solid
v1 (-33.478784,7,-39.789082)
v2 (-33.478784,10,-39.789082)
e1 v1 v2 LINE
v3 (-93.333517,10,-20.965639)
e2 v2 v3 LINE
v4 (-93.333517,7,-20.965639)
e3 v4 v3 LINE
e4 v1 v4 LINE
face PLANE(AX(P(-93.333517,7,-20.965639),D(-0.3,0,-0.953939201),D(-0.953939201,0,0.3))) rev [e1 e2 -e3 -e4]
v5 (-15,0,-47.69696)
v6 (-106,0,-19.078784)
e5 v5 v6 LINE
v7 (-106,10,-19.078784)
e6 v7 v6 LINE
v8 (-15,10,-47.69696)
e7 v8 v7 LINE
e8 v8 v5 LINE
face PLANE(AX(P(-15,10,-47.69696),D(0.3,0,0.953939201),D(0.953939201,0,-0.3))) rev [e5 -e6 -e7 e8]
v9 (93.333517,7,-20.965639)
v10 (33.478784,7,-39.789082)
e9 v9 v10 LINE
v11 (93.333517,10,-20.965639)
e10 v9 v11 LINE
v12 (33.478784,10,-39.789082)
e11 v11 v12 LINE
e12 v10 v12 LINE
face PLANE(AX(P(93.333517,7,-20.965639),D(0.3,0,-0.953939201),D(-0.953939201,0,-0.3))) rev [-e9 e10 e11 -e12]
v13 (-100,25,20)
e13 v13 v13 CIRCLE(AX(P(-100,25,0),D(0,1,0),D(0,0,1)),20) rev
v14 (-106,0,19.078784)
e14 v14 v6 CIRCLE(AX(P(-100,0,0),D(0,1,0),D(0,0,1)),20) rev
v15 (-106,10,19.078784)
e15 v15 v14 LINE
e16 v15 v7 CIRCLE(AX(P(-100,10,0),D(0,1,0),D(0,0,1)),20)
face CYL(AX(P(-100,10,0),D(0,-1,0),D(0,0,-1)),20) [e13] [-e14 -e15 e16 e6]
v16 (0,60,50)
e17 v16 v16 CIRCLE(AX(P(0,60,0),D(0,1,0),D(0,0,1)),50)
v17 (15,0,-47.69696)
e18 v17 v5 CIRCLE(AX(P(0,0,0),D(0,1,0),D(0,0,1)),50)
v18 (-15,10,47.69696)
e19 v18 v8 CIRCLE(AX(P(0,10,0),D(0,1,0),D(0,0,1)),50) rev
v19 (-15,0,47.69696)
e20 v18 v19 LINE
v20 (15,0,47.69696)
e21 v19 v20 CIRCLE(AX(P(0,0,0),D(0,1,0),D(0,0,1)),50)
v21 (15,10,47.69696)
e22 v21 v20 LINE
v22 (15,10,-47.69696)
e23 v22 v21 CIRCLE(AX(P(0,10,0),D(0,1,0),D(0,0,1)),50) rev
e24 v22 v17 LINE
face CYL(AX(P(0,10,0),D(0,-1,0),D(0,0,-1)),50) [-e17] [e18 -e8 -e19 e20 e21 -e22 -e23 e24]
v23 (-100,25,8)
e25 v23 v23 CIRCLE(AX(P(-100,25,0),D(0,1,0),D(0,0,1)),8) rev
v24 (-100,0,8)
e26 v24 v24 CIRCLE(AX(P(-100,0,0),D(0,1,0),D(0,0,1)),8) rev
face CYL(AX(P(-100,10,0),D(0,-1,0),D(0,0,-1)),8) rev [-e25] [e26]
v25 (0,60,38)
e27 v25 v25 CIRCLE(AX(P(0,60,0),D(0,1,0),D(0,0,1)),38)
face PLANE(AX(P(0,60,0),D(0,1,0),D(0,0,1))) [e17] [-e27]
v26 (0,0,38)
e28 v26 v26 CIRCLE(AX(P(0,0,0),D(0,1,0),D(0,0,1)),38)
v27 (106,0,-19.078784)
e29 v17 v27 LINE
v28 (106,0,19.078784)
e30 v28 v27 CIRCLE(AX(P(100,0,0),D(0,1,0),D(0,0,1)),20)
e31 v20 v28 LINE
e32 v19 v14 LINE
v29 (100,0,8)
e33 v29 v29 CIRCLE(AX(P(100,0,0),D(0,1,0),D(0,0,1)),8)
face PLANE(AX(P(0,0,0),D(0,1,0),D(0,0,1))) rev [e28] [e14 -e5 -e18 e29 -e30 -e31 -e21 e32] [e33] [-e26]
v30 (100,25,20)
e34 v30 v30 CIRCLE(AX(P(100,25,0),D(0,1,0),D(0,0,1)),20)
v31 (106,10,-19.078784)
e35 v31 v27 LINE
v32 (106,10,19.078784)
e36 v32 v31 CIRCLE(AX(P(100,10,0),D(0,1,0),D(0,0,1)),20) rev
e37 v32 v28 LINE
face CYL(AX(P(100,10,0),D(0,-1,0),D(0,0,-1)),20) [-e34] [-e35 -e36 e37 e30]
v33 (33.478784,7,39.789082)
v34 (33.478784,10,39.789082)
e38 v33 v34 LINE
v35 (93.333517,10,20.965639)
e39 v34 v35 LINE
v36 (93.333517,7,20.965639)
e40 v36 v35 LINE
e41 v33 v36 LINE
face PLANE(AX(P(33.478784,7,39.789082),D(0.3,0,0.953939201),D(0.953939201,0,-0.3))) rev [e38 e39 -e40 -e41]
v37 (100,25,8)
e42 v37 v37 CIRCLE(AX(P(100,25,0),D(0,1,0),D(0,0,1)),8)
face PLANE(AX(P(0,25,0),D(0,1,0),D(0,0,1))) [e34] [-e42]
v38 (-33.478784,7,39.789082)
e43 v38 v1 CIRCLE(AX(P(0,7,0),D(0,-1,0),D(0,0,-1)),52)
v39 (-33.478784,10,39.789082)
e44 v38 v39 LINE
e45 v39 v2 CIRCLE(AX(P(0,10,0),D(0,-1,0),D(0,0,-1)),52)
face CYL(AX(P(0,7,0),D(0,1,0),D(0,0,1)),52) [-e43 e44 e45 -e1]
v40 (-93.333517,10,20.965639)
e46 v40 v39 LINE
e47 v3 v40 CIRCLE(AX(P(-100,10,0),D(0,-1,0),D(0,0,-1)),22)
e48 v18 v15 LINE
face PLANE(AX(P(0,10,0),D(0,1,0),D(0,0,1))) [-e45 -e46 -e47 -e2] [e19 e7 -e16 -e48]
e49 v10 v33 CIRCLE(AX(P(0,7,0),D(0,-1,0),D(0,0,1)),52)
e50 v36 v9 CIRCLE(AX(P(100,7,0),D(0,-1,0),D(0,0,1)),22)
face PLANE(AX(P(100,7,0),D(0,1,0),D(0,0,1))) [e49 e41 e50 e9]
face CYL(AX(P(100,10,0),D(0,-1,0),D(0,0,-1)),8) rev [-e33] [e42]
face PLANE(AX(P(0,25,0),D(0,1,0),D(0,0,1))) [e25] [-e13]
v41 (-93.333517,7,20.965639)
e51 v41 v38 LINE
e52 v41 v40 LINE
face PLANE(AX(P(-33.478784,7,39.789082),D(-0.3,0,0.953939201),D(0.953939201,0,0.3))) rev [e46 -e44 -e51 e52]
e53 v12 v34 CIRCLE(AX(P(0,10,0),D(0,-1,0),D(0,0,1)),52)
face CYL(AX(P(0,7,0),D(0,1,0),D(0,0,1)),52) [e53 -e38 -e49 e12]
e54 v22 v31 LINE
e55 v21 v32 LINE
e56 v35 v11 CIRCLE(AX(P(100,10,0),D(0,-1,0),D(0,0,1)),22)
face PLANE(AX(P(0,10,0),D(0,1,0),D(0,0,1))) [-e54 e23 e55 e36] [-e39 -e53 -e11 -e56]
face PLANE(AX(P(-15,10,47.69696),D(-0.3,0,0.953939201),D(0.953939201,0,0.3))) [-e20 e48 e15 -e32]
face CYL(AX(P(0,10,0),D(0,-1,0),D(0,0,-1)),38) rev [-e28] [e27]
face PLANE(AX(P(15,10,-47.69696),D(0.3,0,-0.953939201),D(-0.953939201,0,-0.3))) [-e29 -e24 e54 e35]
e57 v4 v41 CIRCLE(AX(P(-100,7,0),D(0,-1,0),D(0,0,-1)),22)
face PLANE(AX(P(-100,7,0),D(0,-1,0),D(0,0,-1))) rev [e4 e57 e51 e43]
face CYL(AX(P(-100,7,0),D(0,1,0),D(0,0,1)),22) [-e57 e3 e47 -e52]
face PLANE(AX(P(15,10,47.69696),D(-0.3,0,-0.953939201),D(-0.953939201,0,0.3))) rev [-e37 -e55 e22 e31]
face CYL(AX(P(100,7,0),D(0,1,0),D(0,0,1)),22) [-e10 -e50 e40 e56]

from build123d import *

# Parameters (mm, degrees)
SKETCH1_R           = 8
SKETCH1_R_2         = 38
BOSS_EXTRUDE1_DEPTH = 10
SKETCH1_3_R         = 20
SKETCH1_3_R_2       = 8
BOSS_EXTRUDE2_DEPTH = 25
SKETCH1_4_R         = 38
BOSS_EXTRUDE3_DEPTH = 60
CUT_EXTRUDE1_DEPTH  = 3


with BuildPart() as part:
    # Sketch1 → Boss-Extrude1 (new body)
    with BuildSketch(Plane(origin=(0, 0, 0), x_dir=(1, 0, 0), z_dir=(0, 1, 0))):
        with BuildLine():
            Line((106, 19.078784028), (15, 47.696960071))
            ThreePointArc((15, 47.696960071), (0, 50), (-15, 47.696960071))
            Line((-15, 47.696960071), (-106, 19.078784028))
            ThreePointArc((-106, 19.078784028), (-120, 0), (-106, -19.078784028))
            Line((-106, -19.078784028), (-15, -47.696960071))
            ThreePointArc((-15, -47.696960071), (0, -50), (15, -47.696960071))
            Line((15, -47.696960071), (106, -19.078784028))
            ThreePointArc((106, -19.078784028), (120, 0), (106, 19.078784028))
        make_face()
        with Locations((100, 0)):
            Circle(SKETCH1_R, mode=Mode.SUBTRACT)
        Circle(SKETCH1_R_2, mode=Mode.SUBTRACT)
        with Locations((-100, 0)):
            Circle(SKETCH1_R, mode=Mode.SUBTRACT)
    extrude(amount=BOSS_EXTRUDE1_DEPTH)

    # Sketch1<3> → Boss-Extrude2 (add)
    # profile 1 of 2: a face of its own
    with BuildSketch(Plane(origin=(0, 0, 0), x_dir=(1, 0, 0), z_dir=(0, 1, 0))):
        with Locations((100, 0)):
            Circle(SKETCH1_3_R)
        with Locations((100, 0)):
            Circle(SKETCH1_3_R_2, mode=Mode.SUBTRACT)
    # profile 2 of 2: a face of its own
    with BuildSketch(Plane(origin=(0, 0, 0), x_dir=(1, 0, 0), z_dir=(0, 1, 0))):
        with Locations((-100, 0)):
            Circle(SKETCH1_3_R)
        with Locations((-100, 0)):
            Circle(SKETCH1_3_R_2, mode=Mode.SUBTRACT)
    extrude(amount=BOSS_EXTRUDE2_DEPTH)

    # Sketch1<4> → Boss-Extrude3 (add)
    with BuildSketch(Plane(origin=(0, 0, 0), x_dir=(1, 0, 0), z_dir=(0, 1, 0))):
        with BuildLine():
            ThreePointArc((50, 0), (40.311288741, 29.580398915), (15, 47.696960071))
            ThreePointArc((15, 47.696960071), (0, 50), (-15, 47.696960071))
            ThreePointArc((-15, 47.696960071), (-50, 0), (-15, -47.696960071))
            ThreePointArc((-15, -47.696960071), (0, -50), (15, -47.696960071))
            ThreePointArc((15, -47.696960071), (40.311288741, -29.580398915), (50, 0))
        make_face()
        Circle(SKETCH1_4_R, mode=Mode.SUBTRACT)
    extrude(amount=BOSS_EXTRUDE3_DEPTH)

    # Sketch5 → Cut-Extrude1 (cut)
    with BuildSketch(Plane(origin=(0, 10, 0), x_dir=(1, 0, 0), z_dir=(0, 1, 0))):
        with BuildLine():
            Line((-33.478784028, -39.789081668), (-93.333517497, -20.965638818))
            ThreePointArc((-93.333517497, -20.965638818), (-78, 0), (-93.333517497, 20.965638818))
            Line((-93.333517497, 20.965638818), (-33.478784028, 39.789081668))
            ThreePointArc((-33.478784028, 39.789081668), (-52, 0), (-33.478784028, -39.789081668))
        make_face()
        with BuildLine():
            Line((93.333517497, 20.965638818), (33.478784028, 39.789081668))
            ThreePointArc((33.478784028, 39.789081668), (52, 0), (33.478784028, -39.789081668))
            Line((33.478784028, -39.789081668), (93.333517497, -20.965638818))
            ThreePointArc((93.333517497, -20.965638818), (78, 0), (93.333517497, 20.965638818))
        make_face()
    extrude(amount=-CUT_EXTRUDE1_DEPTH, mode=Mode.SUBTRACT)


solid = part.part
